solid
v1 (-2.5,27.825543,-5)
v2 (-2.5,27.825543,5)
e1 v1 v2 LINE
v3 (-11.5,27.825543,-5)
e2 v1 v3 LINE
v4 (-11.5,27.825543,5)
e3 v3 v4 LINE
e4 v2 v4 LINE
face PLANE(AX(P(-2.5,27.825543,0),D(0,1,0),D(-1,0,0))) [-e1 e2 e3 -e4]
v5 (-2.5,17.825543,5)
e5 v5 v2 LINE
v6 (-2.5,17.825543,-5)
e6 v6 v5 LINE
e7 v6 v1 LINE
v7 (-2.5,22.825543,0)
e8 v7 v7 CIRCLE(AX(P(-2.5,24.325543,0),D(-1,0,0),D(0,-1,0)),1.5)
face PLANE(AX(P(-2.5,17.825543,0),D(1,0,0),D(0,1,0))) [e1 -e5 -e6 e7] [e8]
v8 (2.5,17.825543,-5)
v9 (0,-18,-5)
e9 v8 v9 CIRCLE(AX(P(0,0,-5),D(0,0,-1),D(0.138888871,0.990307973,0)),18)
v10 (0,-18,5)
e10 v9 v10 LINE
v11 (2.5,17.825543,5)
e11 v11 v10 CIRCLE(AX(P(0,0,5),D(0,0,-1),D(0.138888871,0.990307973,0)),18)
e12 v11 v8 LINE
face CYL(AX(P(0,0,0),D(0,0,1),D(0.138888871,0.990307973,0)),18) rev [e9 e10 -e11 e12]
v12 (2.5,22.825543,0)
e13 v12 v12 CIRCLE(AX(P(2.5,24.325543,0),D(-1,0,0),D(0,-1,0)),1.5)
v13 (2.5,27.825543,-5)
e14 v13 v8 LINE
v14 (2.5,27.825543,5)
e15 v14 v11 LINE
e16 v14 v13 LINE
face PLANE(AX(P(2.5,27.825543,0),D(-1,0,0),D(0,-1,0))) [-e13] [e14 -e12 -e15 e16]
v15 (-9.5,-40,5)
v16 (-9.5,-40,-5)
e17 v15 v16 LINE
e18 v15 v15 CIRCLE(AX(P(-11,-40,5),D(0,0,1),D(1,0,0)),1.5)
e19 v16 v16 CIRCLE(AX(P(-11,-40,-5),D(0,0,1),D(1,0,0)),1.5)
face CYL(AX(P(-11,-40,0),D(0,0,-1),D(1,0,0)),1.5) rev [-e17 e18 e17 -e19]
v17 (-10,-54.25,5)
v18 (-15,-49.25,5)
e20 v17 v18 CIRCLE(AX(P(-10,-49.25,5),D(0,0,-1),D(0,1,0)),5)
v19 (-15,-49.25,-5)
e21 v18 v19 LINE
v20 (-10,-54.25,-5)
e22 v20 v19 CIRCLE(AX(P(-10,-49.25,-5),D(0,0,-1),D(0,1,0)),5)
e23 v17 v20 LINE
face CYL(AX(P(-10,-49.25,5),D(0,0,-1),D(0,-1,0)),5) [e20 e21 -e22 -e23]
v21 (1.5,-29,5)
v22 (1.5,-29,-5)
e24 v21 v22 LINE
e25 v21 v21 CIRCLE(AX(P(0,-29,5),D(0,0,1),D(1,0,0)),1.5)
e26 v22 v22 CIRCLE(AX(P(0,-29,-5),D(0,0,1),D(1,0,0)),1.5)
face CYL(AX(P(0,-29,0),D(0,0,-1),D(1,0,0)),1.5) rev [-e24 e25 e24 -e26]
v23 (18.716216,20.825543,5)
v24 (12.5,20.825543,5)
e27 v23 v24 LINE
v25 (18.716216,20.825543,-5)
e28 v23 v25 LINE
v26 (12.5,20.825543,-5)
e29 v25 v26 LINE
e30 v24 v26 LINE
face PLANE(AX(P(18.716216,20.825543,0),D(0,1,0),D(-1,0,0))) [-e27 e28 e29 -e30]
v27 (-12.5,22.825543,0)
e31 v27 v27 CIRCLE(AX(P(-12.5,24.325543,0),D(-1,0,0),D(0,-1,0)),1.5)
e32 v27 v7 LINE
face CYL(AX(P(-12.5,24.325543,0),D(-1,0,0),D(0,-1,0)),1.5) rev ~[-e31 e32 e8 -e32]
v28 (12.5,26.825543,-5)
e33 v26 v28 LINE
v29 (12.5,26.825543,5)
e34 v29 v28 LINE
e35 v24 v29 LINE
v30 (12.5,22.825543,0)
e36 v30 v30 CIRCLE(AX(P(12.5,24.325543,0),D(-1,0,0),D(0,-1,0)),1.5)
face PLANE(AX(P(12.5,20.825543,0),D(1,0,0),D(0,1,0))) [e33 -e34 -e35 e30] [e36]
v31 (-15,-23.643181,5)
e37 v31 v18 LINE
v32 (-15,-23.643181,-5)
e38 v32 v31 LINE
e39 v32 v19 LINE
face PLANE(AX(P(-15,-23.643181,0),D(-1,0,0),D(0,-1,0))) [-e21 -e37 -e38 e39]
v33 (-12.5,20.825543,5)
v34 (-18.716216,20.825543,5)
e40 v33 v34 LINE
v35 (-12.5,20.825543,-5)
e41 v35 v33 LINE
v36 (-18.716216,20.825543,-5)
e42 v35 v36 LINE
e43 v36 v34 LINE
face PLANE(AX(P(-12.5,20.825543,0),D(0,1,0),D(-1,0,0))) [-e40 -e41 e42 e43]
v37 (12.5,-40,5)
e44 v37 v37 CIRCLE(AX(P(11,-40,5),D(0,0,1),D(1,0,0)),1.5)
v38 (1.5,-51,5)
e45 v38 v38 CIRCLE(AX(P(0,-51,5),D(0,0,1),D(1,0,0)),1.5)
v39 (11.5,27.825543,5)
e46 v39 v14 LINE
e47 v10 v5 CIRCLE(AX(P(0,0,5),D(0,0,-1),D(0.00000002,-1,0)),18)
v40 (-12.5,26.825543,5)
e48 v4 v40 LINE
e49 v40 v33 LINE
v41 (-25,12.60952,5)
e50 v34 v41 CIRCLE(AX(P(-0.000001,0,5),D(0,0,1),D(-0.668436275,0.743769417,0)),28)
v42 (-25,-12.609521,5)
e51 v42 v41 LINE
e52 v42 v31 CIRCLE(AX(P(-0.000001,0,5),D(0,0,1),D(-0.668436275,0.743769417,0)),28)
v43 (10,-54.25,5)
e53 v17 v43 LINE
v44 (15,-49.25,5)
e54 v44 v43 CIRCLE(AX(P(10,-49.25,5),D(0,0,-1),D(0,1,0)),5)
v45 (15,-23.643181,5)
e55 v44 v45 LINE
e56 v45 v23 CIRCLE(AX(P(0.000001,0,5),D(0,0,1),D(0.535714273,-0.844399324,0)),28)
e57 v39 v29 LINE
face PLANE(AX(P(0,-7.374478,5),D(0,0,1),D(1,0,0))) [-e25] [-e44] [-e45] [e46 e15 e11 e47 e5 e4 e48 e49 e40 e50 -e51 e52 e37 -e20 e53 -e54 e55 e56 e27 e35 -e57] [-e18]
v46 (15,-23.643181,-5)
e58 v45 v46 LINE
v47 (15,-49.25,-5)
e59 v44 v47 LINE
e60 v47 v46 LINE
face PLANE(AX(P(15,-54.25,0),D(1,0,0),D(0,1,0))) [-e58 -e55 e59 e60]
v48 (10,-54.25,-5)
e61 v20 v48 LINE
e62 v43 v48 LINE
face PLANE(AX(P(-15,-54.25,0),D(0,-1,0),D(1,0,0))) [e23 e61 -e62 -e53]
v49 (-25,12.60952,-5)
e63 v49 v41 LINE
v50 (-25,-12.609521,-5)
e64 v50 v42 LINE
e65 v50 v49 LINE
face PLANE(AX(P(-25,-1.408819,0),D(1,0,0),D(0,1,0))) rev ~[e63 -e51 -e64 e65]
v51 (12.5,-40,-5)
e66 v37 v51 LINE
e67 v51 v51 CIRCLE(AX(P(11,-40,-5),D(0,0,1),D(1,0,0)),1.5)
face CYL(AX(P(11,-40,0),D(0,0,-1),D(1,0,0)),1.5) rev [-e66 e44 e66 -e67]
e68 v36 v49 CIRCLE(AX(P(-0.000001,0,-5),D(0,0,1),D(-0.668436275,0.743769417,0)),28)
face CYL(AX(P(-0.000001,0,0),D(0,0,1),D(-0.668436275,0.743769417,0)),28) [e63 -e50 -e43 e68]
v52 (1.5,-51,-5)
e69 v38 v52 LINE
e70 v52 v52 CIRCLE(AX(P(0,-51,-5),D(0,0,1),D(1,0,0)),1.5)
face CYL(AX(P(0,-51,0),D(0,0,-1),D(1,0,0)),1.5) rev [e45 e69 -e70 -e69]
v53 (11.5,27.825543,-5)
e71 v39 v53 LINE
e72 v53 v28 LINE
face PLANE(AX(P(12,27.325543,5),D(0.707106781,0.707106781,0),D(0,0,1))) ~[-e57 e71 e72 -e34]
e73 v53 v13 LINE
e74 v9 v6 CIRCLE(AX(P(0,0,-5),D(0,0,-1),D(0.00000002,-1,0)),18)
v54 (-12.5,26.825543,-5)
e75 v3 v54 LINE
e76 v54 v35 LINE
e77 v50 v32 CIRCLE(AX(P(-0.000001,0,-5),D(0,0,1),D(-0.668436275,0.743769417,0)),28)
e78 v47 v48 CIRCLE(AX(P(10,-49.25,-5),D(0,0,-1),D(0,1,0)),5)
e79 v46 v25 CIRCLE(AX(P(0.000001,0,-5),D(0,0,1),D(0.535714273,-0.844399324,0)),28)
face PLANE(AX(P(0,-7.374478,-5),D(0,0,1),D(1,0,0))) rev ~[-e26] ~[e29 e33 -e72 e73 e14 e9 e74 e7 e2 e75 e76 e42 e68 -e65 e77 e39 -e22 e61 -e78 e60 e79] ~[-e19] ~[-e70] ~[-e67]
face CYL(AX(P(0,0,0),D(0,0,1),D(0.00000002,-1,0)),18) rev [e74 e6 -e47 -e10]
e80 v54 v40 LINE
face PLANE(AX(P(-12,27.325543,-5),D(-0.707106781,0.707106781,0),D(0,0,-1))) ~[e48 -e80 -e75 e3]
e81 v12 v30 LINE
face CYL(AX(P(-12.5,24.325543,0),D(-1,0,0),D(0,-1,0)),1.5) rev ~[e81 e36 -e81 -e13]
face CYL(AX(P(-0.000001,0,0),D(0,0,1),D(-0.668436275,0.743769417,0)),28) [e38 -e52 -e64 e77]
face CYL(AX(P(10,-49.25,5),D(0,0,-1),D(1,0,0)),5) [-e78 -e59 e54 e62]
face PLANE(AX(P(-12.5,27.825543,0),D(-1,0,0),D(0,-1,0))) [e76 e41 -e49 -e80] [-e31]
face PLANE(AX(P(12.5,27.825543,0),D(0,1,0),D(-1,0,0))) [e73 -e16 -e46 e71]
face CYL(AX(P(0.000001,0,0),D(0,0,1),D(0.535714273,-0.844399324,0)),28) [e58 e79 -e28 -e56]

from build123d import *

# Parameters (mm, degrees)
F0_R     = 1.5
F1_DEPTH = 5
F2_R     = 1.5
F3_DEPTH = 40.501
F4_SIZE  = 1
F5_R     = 5
F7_W     = 44.468724
F7_H     = 10
F8_DEPTH = 3


with BuildPart() as f1:
    # F0 (on Top) → F1 (new body, symmetric)
    with BuildSketch(Plane.XY):
        with BuildLine():
            ThreePointArc((2.5, 17.825543), (17.956333, -1.25304), (0, -18))
            ThreePointArc((0, -18), (-17.956333, -1.25304), (-2.5, 17.825543))
            Line((-2.5, 17.825543), (-2.5, 27.825543))
            Line((-2.5, 27.825543), (-12.5, 27.825543))
            Line((-12.5, 27.825543), (-12.5, 20.825543))
            Line((-12.5, 20.825543), (-18.716216, 20.825543))
            ThreePointArc((-18.716216, 20.825543), (-27.902736, -2.331809), (-15, -23.643181))
            Line((-15, -23.643181), (-15, -54.25))
            Line((-15, -54.25), (0, -54.25))
            Line((0, -54.25), (15, -54.25))
            Line((15, -54.25), (15, -23.643181))
            ThreePointArc((15, -23.643181), (27.902736, -2.331809), (18.716216, 20.825543))
            Line((18.716216, 20.825543), (12.5, 20.825543))
            Line((12.5, 20.825543), (12.5, 27.825543))
            Line((12.5, 27.825543), (2.5, 27.825543))
            Line((2.5, 27.825543), (2.5, 17.825543))
        make_face()
        with Locations((-11, -40)):
            Circle(F0_R, mode=Mode.SUBTRACT)
        with Locations((0, -51)):
            Circle(F0_R, mode=Mode.SUBTRACT)
        with Locations((11, -40)):
            Circle(F0_R, mode=Mode.SUBTRACT)
        with Locations((0, -29)):
            Circle(F0_R, mode=Mode.SUBTRACT)
    extrude(amount=F1_DEPTH, both=True)

    # F2 (on face) → F3 (cut, through all)
    with BuildSketch(Plane(origin=(-12.5, 0, 0), x_dir=(0, -1, 0), z_dir=(-1, 0, 0))):
        with Locations((-24.325543, 0)):
            Circle(F2_R)
    extrude(amount=-F3_DEPTH, mode=Mode.SUBTRACT)

    # F4
    f4_edges = [f1.edges().sort_by_distance(p)[0] for p in [
        (12.5, 27.825543, 0),
        (-12.5, 27.825543, 0),
    ]]
    chamfer(f4_edges, length=F4_SIZE)

    # F5
    f5_edges = [f1.edges().sort_by_distance(p)[0] for p in [
        (-15, -54.25, 0),
        (15, -54.25, 0),
    ]]
    fillet(f5_edges, radius=F5_R)

    # F7 (on plane+point) → F8 (cut)
    with BuildSketch(Plane.YZ.offset(-28)):
        with Locations((-1.408819, 0)):
            Rectangle(F7_W, F7_H)
    extrude(amount=F8_DEPTH, mode=Mode.SUBTRACT)


solid = f1.part
